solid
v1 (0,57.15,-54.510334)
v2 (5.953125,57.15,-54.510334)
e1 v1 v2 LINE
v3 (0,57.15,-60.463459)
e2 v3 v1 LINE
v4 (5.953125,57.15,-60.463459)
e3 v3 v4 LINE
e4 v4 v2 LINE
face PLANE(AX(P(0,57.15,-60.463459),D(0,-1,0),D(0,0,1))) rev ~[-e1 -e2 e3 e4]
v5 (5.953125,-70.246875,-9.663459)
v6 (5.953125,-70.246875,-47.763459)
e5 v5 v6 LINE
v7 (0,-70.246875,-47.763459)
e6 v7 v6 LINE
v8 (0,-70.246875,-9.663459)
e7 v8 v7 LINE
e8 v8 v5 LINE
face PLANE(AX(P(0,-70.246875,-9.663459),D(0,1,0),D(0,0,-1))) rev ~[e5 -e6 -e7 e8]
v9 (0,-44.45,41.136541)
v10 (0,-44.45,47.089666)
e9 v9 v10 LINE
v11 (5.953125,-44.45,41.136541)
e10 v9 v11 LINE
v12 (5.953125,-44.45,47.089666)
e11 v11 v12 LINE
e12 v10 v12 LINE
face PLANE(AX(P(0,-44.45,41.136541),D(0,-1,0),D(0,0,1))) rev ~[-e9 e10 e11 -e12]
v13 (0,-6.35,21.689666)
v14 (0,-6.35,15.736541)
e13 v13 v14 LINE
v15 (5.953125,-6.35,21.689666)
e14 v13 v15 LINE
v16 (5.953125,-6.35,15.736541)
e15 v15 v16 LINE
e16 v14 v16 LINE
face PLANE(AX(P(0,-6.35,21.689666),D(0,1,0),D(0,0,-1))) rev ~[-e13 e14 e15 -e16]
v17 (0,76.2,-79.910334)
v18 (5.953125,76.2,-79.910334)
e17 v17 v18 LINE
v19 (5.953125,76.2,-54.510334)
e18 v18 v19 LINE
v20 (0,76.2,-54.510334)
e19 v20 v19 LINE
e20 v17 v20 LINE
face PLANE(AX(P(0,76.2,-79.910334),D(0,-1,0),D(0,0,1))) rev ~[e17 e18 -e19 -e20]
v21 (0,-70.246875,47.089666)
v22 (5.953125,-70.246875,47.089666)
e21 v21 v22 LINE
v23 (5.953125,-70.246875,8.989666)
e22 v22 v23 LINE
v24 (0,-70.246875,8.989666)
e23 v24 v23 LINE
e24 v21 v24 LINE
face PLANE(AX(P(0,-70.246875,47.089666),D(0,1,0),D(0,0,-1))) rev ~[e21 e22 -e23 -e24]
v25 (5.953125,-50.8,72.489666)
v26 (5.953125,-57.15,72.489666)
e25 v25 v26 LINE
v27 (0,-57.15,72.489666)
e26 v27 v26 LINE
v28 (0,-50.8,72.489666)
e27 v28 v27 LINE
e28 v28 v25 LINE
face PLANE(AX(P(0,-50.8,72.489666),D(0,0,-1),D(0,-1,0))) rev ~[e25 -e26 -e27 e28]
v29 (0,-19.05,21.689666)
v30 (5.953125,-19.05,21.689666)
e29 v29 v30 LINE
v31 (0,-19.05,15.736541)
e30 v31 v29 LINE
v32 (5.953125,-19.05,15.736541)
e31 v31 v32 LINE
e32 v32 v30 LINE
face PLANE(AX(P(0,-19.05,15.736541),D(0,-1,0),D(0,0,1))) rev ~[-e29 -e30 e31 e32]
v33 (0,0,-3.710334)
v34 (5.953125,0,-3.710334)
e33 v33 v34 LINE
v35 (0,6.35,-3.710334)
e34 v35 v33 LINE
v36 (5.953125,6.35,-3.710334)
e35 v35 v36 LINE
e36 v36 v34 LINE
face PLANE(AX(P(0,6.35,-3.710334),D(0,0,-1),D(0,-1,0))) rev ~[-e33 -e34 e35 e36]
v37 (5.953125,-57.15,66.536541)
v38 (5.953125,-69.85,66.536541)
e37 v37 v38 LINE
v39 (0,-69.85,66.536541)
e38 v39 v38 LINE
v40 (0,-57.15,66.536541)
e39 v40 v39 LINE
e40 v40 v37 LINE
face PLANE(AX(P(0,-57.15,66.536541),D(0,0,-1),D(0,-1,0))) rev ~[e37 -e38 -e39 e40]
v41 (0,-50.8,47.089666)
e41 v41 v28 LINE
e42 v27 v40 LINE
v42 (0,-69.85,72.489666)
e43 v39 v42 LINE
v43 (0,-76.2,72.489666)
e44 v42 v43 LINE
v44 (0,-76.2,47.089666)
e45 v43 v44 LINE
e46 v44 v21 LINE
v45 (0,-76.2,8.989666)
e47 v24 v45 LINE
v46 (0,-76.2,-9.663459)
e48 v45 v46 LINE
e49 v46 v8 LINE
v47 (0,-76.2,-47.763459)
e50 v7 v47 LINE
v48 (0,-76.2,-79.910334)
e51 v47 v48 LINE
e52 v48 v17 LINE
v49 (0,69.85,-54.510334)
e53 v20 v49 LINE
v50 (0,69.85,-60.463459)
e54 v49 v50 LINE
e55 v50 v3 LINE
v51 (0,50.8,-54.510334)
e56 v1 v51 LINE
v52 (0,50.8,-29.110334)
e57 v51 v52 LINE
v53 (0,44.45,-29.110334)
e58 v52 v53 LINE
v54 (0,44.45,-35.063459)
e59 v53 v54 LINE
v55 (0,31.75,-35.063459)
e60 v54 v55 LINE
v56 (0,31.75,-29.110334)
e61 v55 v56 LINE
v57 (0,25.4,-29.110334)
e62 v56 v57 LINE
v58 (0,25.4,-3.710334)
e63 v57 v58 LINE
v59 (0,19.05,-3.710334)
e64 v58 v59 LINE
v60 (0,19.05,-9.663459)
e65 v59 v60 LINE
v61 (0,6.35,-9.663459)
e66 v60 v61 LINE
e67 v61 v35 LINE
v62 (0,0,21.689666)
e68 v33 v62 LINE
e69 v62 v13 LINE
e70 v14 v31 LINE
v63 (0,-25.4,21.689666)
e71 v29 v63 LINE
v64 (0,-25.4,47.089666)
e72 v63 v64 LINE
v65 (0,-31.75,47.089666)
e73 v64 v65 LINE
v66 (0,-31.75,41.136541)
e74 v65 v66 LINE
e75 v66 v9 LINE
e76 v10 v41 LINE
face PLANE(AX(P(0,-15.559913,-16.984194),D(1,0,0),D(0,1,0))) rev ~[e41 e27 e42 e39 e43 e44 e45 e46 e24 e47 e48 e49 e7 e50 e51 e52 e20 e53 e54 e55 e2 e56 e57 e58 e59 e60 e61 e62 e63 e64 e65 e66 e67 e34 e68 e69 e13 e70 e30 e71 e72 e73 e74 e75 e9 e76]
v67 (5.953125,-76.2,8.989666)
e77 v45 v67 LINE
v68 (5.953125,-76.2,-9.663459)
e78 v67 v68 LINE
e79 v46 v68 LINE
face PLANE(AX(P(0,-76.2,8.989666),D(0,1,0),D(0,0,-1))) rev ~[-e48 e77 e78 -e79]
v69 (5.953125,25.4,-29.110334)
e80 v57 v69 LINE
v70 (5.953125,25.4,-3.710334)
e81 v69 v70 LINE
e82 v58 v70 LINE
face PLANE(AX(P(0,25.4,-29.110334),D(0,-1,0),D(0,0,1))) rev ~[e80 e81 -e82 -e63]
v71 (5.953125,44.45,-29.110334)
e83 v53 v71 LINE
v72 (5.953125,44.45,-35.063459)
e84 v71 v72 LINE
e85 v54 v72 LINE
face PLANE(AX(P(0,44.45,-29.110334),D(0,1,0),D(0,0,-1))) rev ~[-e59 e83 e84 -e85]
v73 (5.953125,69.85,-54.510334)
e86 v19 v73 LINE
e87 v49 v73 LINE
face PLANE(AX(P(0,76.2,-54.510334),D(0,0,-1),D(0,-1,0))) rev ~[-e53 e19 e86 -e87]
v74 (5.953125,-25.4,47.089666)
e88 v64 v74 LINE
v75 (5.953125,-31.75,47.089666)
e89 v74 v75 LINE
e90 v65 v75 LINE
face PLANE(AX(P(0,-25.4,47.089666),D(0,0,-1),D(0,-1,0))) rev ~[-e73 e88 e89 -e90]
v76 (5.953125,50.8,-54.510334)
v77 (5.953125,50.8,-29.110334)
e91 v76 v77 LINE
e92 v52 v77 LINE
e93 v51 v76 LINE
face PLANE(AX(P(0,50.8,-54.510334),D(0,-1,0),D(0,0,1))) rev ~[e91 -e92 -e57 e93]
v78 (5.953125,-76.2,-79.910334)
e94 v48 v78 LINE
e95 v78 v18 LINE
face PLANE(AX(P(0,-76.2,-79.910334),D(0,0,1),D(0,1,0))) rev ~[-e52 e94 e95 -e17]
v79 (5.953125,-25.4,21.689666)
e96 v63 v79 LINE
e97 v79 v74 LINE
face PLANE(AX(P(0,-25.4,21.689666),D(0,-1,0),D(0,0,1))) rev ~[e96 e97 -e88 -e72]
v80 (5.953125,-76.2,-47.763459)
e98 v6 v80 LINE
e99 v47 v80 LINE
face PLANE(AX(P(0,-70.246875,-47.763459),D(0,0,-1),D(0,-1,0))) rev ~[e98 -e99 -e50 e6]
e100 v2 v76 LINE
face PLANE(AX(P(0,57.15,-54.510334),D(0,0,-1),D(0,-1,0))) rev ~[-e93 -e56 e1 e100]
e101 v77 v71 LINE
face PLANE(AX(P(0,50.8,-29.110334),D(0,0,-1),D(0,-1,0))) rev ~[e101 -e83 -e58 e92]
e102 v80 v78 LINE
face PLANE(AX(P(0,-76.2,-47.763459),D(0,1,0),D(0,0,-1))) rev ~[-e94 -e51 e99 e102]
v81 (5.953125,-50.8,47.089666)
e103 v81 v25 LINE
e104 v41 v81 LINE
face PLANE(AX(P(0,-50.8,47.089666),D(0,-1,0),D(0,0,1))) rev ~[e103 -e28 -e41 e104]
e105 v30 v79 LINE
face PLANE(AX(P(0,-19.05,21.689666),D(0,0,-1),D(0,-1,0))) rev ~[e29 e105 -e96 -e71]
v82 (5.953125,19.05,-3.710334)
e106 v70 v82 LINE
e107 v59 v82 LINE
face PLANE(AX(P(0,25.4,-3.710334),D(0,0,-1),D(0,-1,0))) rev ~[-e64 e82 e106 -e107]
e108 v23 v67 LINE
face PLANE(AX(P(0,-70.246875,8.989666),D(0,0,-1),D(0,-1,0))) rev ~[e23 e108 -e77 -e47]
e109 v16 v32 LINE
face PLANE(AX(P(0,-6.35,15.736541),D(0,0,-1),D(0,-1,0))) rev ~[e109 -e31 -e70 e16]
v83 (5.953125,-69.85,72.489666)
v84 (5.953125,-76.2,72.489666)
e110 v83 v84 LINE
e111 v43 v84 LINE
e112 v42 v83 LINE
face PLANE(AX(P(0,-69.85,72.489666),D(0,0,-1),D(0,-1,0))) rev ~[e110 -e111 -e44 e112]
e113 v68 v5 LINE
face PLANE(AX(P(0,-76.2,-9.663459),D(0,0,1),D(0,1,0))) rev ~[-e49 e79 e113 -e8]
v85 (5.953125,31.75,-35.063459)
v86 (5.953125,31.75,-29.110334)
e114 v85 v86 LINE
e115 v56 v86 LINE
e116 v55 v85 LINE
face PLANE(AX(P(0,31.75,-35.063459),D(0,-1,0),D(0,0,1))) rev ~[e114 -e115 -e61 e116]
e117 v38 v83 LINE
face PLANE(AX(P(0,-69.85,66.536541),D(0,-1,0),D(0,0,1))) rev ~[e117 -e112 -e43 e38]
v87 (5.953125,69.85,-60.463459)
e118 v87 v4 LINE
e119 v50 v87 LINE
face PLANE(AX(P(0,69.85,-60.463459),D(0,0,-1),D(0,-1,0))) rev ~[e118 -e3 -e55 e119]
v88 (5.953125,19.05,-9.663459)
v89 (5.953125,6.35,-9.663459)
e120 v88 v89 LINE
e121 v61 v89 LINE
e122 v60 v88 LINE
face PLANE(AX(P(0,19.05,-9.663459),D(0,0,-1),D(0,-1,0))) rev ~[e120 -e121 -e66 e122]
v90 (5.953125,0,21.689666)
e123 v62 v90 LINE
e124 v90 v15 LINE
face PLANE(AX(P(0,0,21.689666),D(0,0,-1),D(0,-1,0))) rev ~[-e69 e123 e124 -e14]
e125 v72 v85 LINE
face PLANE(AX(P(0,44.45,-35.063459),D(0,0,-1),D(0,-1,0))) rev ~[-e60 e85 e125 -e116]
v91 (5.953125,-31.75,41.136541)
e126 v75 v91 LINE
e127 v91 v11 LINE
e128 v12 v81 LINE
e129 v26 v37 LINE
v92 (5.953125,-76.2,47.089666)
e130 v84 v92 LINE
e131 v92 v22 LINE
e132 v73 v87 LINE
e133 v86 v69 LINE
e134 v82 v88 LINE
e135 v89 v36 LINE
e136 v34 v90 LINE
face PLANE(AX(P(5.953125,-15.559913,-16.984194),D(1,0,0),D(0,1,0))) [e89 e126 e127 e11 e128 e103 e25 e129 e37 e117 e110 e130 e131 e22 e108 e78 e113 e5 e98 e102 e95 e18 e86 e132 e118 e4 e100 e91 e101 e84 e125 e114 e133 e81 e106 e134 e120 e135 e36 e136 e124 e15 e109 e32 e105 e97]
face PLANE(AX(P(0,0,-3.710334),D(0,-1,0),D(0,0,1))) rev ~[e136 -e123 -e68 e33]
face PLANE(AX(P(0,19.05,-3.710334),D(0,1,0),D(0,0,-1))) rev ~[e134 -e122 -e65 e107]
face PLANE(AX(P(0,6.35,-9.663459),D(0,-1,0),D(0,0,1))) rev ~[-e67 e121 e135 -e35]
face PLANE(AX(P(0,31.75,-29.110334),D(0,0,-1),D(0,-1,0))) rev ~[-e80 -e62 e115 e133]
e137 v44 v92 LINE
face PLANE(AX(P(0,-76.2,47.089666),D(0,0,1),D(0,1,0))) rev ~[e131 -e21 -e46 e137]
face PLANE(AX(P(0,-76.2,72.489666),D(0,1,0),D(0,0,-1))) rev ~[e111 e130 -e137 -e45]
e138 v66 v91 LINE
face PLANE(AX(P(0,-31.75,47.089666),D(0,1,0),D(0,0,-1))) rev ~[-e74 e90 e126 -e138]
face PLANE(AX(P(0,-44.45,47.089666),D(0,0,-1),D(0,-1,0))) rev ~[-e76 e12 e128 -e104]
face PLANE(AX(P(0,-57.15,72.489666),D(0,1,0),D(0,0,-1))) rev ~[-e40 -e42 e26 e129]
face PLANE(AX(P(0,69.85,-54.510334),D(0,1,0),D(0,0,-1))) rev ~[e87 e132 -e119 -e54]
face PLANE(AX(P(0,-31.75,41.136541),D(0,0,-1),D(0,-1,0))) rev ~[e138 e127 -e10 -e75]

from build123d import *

# Parameters (mm, degrees)
F1_DEPTH = 5.953125


with BuildPart() as f1:
    # F0 (on Right) → F1 (new body)
    with BuildSketch(Plane.YZ):
        Polygon((-69.85, 72.489666), (-76.2, 72.489666), (-76.2, 47.089666), (-70.246875, 47.089666), (-70.246875, 8.989666), (-76.2, 8.989666), (-76.2, -9.663459), (-70.246875, -9.663459), (-70.246875, -47.763459), (-76.2, -47.763459), (-76.2, -79.910334), (76.2, -79.910334), (76.2, -54.510334), (69.85, -54.510334), (69.85, -60.463459), (57.15, -60.463459), (57.15, -54.510334), (50.8, -54.510334), (50.8, -29.110334), (44.45, -29.110334), (44.45, -35.063459), (31.75, -35.063459), (31.75, -29.110334), (25.4, -29.110334), (25.4, -3.710334), (19.05, -3.710334), (19.05, -9.663459), (6.35, -9.663459), (6.35, -3.710334), (0, -3.710334), (0, 21.689666), (-6.35, 21.689666), (-6.35, 15.736541), (-19.05, 15.736541), (-19.05, 21.689666), (-25.4, 21.689666), (-25.4, 47.089666), (-31.75, 47.089666), (-31.75, 41.136541), (-44.45, 41.136541), (-44.45, 47.089666), (-50.8, 47.089666), (-50.8, 72.489666), (-57.15, 72.489666), (-57.15, 66.536541), (-69.85, 66.536541), align=None)
    extrude(amount=F1_DEPTH)


solid = f1.part
